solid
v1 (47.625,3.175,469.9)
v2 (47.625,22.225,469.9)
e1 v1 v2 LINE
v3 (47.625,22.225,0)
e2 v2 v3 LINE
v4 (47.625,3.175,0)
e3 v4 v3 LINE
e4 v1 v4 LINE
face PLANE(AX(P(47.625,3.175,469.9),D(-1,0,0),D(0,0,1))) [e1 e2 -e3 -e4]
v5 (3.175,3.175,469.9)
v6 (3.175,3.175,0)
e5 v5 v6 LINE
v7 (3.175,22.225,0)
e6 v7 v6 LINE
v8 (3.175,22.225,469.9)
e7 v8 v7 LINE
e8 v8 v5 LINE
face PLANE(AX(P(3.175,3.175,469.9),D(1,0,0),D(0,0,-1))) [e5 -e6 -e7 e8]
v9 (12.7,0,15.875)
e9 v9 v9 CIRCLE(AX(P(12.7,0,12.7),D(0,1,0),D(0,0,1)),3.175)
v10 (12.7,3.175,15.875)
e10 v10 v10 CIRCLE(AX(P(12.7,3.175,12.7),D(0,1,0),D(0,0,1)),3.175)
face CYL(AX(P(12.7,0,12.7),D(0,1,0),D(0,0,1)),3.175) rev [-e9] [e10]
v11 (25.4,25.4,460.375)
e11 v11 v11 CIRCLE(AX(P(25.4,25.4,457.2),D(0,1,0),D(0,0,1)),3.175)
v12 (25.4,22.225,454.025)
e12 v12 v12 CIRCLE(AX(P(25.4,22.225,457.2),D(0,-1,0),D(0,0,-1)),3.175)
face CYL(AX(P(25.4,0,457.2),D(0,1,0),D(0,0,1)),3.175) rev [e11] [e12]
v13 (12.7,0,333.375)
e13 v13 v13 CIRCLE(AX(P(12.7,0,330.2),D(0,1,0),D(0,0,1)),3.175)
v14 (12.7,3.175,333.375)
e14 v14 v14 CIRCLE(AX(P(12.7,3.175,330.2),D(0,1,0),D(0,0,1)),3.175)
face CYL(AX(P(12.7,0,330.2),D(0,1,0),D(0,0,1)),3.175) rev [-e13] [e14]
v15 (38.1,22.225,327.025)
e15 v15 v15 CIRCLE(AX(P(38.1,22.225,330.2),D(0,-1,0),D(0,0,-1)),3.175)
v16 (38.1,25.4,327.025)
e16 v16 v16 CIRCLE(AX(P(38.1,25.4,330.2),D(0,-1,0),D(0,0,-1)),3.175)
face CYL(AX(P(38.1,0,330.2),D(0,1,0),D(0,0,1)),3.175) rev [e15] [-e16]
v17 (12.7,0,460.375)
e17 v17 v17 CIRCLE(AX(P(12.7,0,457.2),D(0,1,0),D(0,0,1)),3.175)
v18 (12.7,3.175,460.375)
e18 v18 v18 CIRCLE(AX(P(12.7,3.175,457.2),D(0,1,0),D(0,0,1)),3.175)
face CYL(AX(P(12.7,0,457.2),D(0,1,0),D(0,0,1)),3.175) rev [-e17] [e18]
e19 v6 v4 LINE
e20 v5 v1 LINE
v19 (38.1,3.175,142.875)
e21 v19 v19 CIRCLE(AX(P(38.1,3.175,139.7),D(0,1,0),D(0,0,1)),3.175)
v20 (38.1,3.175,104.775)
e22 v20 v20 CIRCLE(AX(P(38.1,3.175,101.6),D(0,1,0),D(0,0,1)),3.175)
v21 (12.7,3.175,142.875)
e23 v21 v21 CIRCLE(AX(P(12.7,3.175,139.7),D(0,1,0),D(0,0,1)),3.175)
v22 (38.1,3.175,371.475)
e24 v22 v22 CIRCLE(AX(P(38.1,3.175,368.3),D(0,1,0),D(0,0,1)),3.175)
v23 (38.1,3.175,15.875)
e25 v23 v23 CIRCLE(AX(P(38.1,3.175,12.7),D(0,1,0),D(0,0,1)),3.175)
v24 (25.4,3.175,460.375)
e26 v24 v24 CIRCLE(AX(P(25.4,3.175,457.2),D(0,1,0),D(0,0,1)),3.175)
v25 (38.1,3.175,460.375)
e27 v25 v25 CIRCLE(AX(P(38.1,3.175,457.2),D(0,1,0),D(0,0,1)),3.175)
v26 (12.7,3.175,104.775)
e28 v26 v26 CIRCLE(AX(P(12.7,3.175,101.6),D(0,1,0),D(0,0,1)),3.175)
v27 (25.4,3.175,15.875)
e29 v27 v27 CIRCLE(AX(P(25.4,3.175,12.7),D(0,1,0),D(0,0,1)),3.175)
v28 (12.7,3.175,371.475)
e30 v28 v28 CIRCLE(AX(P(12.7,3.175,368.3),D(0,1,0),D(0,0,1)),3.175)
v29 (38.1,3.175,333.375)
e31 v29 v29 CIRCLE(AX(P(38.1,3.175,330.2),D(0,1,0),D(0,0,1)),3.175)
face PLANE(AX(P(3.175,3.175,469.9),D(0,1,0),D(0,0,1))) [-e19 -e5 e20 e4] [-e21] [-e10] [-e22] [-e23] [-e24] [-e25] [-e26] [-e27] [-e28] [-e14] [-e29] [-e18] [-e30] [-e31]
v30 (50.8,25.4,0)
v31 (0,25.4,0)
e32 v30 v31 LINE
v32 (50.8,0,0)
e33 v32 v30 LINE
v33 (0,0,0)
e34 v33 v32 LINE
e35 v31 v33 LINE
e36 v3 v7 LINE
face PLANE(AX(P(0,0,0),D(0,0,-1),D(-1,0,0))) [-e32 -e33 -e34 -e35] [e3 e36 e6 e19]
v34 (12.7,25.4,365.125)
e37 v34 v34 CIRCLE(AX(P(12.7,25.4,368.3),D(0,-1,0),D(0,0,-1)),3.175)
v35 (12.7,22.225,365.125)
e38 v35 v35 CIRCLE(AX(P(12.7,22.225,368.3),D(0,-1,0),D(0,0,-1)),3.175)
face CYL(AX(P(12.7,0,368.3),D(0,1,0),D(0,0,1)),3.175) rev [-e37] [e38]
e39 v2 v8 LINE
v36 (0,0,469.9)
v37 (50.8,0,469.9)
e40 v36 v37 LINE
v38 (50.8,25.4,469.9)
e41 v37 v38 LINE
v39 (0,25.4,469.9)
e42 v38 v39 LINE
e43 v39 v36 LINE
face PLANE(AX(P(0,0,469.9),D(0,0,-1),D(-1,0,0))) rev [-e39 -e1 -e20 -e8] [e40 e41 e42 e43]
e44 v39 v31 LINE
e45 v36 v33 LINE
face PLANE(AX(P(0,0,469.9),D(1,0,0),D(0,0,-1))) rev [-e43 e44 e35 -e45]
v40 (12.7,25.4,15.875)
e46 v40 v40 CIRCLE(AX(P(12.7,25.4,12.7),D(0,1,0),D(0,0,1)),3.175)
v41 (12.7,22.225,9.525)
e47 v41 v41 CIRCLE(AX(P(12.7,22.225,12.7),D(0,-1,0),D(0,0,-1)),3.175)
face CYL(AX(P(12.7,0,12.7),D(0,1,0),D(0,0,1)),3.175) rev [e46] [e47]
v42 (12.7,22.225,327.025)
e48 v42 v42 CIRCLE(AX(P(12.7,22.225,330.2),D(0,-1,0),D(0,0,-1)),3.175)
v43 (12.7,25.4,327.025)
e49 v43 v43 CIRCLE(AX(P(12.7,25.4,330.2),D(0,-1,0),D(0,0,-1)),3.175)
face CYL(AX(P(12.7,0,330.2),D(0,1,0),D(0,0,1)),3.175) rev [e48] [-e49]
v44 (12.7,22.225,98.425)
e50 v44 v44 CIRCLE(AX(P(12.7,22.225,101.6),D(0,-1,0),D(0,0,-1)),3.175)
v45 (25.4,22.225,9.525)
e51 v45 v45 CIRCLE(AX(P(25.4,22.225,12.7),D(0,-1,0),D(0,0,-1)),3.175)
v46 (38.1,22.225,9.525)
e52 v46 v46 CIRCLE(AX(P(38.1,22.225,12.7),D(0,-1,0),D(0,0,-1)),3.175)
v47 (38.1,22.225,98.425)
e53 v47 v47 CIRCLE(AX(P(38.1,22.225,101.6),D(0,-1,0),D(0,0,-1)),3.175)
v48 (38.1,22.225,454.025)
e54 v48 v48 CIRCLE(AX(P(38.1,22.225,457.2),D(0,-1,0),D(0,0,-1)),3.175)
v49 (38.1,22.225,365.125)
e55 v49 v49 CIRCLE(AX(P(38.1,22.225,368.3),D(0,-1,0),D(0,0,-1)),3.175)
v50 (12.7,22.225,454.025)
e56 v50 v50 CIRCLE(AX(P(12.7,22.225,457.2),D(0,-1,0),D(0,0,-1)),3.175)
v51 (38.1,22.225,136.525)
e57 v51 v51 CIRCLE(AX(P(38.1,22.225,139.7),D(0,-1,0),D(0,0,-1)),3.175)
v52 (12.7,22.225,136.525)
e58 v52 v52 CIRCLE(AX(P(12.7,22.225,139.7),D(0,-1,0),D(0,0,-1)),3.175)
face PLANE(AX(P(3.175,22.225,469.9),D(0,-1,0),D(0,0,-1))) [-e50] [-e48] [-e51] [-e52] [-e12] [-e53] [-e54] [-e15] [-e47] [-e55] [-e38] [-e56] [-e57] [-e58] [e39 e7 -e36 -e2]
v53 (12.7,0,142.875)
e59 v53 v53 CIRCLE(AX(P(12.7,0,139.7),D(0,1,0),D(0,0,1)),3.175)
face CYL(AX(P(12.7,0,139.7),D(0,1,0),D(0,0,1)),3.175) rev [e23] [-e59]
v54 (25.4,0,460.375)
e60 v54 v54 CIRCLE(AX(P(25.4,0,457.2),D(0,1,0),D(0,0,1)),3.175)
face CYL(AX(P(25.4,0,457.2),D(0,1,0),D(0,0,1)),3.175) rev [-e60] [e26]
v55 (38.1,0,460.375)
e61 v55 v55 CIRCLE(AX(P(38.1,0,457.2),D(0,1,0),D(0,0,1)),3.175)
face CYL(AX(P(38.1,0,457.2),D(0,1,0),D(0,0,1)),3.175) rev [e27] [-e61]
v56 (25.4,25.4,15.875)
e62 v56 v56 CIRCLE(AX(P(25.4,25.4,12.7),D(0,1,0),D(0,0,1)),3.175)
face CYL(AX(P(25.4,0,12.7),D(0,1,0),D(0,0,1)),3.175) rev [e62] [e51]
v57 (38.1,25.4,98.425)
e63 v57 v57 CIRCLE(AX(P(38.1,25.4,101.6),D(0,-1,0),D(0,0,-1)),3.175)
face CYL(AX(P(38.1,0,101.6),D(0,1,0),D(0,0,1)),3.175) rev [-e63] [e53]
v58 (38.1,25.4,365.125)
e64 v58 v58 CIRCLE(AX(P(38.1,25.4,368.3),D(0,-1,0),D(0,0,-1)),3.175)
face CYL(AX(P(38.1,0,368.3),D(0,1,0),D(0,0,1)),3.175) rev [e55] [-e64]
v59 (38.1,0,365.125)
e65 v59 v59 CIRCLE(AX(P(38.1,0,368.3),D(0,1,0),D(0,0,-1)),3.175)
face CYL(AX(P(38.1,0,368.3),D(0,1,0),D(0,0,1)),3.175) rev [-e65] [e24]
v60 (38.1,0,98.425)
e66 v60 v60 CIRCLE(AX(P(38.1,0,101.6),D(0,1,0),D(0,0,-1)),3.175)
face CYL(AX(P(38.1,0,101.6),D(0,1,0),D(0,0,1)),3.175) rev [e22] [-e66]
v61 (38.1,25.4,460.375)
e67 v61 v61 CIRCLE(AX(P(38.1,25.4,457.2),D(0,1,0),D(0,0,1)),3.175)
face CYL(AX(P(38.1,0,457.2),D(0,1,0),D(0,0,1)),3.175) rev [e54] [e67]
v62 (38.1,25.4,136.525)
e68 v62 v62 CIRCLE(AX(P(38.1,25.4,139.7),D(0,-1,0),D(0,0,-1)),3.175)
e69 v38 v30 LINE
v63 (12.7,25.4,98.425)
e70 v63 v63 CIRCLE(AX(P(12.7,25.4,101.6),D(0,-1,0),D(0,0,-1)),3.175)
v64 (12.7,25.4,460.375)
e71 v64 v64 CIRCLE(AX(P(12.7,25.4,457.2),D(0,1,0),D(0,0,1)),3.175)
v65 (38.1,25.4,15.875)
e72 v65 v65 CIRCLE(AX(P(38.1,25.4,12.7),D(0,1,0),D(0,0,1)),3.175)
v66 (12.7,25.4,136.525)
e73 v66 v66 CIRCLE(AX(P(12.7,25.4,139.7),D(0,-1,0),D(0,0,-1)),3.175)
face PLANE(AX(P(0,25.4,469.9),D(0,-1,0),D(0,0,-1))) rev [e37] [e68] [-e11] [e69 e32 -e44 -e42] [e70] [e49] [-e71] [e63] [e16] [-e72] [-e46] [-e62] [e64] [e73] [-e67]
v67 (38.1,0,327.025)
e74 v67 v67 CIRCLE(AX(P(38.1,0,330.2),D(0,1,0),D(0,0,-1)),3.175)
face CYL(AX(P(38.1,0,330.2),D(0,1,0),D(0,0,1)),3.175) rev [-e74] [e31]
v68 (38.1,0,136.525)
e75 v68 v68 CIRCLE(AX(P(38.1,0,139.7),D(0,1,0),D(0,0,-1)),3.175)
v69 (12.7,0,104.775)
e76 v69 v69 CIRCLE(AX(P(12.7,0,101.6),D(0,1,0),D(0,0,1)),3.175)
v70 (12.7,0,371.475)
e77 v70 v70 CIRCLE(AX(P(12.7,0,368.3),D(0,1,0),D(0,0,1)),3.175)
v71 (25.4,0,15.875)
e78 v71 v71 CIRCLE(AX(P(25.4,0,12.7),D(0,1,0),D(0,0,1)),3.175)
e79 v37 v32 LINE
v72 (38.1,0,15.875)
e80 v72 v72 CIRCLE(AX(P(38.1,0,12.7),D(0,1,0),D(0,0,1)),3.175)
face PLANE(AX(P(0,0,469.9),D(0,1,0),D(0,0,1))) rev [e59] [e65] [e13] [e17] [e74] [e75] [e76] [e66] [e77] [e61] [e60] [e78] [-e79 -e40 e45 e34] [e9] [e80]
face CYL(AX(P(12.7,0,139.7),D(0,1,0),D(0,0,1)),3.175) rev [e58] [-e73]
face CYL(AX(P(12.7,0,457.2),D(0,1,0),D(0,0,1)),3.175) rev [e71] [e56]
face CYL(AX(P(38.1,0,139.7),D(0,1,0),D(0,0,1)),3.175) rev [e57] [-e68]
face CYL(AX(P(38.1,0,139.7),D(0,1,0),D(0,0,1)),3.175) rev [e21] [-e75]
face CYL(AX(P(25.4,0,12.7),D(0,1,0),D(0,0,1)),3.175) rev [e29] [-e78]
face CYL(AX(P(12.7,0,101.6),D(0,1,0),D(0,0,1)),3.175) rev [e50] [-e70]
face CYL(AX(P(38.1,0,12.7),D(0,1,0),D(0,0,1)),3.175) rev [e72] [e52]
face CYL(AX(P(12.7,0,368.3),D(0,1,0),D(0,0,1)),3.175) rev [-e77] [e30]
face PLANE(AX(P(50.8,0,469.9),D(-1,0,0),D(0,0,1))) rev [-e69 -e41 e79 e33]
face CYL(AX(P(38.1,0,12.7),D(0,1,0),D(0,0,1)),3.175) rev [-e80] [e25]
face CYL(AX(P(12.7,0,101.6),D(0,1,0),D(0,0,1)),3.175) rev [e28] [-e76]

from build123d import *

# Parameters (mm, degrees)
SKETCH1_W               = 50.8
SKETCH1_H               = 25.4
SKETCH1_W_2             = 44.45
SKETCH1_H_2             = 19.05
BOSS_EXTRUDE1_DEPTH     = 469.9
CUT_EXTRUDE1_DEPTH      = 474.319986901
CUT_EXTRUDE1_DEPTH_BACK = 474.319986901
SKETCH3_R               = 3.175
CUT_EXTRUDE2_DEPTH      = 474.319986901
CUT_EXTRUDE2_DEPTH_BACK = 474.319986901
SKETCH4_R               = 3.175


with BuildPart() as part:
    # Sketch1 → Boss-Extrude1 (new body)
    with BuildSketch(Plane.XY):
        with Locations((25.4, 12.7)):
            Rectangle(SKETCH1_W, SKETCH1_H)
        with Locations((25.4, 12.7)):
            Rectangle(SKETCH1_W_2, SKETCH1_H_2, mode=Mode.SUBTRACT)
    extrude(amount=BOSS_EXTRUDE1_DEPTH)

    # Sketch3 → Cut-Extrude1 (cut, two sides: drawn at the far end of the back side and taken through both)
    with BuildSketch(Plane(origin=(0, 25.4, 0), x_dir=(1, 0, 0), z_dir=(0, 1, 0)).offset(-CUT_EXTRUDE1_DEPTH_BACK)):
        with Locations(Location((12.7, -12.7, 0), (0, 0, 270))):
            Circle(SKETCH3_R)
        with Locations(Location((12.7, -457.2, 0), (0, 0, 270))):
            Circle(SKETCH3_R)
        with Locations(Location((25.4, -457.2, 0), (0, 0, 270))):
            Circle(SKETCH3_R)
        with Locations(Location((25.4, -12.7, 0), (0, 0, 270))):
            Circle(SKETCH3_R)
        with Locations(Location((38.1, -457.2, 0), (0, 0, 270))):
            Circle(SKETCH3_R)
        with Locations(Location((38.1, -12.7, 0), (0, 0, 270))):
            Circle(SKETCH3_R)
    extrude(amount=CUT_EXTRUDE1_DEPTH + CUT_EXTRUDE1_DEPTH_BACK, mode=Mode.SUBTRACT)

    # Sketch4 → Cut-Extrude2 (cut, two sides: drawn at the far end of the back side and taken through both)
    with BuildSketch(Plane(origin=(0, 25.4, 0), x_dir=(1, 0, 0), z_dir=(0, 1, 0)).offset(-CUT_EXTRUDE2_DEPTH_BACK)):
        with Locations(Location((12.7, -139.7, 0), (0, 0, 90))):
            Circle(SKETCH4_R)
        with Locations(Location((12.7, -330.2, 0), (0, 0, 90))):
            Circle(SKETCH4_R)
        with Locations(Location((12.7, -101.6, 0), (0, 0, 90))):
            Circle(SKETCH4_R)
        with Locations(Location((12.7, -368.3, 0), (0, 0, 90))):
            Circle(SKETCH4_R)
        with Locations(Location((38.1, -101.6, 0), (0, 0, 90))):
            Circle(SKETCH4_R)
        with Locations(Location((38.1, -139.7, 0), (0, 0, 90))):
            Circle(SKETCH4_R)
        with Locations(Location((38.1, -330.2, 0), (0, 0, 90))):
            Circle(SKETCH4_R)
        with Locations(Location((38.1, -368.3, 0), (0, 0, 90))):
            Circle(SKETCH4_R)
    extrude(amount=CUT_EXTRUDE2_DEPTH + CUT_EXTRUDE2_DEPTH_BACK, mode=Mode.SUBTRACT)


solid = part.part
